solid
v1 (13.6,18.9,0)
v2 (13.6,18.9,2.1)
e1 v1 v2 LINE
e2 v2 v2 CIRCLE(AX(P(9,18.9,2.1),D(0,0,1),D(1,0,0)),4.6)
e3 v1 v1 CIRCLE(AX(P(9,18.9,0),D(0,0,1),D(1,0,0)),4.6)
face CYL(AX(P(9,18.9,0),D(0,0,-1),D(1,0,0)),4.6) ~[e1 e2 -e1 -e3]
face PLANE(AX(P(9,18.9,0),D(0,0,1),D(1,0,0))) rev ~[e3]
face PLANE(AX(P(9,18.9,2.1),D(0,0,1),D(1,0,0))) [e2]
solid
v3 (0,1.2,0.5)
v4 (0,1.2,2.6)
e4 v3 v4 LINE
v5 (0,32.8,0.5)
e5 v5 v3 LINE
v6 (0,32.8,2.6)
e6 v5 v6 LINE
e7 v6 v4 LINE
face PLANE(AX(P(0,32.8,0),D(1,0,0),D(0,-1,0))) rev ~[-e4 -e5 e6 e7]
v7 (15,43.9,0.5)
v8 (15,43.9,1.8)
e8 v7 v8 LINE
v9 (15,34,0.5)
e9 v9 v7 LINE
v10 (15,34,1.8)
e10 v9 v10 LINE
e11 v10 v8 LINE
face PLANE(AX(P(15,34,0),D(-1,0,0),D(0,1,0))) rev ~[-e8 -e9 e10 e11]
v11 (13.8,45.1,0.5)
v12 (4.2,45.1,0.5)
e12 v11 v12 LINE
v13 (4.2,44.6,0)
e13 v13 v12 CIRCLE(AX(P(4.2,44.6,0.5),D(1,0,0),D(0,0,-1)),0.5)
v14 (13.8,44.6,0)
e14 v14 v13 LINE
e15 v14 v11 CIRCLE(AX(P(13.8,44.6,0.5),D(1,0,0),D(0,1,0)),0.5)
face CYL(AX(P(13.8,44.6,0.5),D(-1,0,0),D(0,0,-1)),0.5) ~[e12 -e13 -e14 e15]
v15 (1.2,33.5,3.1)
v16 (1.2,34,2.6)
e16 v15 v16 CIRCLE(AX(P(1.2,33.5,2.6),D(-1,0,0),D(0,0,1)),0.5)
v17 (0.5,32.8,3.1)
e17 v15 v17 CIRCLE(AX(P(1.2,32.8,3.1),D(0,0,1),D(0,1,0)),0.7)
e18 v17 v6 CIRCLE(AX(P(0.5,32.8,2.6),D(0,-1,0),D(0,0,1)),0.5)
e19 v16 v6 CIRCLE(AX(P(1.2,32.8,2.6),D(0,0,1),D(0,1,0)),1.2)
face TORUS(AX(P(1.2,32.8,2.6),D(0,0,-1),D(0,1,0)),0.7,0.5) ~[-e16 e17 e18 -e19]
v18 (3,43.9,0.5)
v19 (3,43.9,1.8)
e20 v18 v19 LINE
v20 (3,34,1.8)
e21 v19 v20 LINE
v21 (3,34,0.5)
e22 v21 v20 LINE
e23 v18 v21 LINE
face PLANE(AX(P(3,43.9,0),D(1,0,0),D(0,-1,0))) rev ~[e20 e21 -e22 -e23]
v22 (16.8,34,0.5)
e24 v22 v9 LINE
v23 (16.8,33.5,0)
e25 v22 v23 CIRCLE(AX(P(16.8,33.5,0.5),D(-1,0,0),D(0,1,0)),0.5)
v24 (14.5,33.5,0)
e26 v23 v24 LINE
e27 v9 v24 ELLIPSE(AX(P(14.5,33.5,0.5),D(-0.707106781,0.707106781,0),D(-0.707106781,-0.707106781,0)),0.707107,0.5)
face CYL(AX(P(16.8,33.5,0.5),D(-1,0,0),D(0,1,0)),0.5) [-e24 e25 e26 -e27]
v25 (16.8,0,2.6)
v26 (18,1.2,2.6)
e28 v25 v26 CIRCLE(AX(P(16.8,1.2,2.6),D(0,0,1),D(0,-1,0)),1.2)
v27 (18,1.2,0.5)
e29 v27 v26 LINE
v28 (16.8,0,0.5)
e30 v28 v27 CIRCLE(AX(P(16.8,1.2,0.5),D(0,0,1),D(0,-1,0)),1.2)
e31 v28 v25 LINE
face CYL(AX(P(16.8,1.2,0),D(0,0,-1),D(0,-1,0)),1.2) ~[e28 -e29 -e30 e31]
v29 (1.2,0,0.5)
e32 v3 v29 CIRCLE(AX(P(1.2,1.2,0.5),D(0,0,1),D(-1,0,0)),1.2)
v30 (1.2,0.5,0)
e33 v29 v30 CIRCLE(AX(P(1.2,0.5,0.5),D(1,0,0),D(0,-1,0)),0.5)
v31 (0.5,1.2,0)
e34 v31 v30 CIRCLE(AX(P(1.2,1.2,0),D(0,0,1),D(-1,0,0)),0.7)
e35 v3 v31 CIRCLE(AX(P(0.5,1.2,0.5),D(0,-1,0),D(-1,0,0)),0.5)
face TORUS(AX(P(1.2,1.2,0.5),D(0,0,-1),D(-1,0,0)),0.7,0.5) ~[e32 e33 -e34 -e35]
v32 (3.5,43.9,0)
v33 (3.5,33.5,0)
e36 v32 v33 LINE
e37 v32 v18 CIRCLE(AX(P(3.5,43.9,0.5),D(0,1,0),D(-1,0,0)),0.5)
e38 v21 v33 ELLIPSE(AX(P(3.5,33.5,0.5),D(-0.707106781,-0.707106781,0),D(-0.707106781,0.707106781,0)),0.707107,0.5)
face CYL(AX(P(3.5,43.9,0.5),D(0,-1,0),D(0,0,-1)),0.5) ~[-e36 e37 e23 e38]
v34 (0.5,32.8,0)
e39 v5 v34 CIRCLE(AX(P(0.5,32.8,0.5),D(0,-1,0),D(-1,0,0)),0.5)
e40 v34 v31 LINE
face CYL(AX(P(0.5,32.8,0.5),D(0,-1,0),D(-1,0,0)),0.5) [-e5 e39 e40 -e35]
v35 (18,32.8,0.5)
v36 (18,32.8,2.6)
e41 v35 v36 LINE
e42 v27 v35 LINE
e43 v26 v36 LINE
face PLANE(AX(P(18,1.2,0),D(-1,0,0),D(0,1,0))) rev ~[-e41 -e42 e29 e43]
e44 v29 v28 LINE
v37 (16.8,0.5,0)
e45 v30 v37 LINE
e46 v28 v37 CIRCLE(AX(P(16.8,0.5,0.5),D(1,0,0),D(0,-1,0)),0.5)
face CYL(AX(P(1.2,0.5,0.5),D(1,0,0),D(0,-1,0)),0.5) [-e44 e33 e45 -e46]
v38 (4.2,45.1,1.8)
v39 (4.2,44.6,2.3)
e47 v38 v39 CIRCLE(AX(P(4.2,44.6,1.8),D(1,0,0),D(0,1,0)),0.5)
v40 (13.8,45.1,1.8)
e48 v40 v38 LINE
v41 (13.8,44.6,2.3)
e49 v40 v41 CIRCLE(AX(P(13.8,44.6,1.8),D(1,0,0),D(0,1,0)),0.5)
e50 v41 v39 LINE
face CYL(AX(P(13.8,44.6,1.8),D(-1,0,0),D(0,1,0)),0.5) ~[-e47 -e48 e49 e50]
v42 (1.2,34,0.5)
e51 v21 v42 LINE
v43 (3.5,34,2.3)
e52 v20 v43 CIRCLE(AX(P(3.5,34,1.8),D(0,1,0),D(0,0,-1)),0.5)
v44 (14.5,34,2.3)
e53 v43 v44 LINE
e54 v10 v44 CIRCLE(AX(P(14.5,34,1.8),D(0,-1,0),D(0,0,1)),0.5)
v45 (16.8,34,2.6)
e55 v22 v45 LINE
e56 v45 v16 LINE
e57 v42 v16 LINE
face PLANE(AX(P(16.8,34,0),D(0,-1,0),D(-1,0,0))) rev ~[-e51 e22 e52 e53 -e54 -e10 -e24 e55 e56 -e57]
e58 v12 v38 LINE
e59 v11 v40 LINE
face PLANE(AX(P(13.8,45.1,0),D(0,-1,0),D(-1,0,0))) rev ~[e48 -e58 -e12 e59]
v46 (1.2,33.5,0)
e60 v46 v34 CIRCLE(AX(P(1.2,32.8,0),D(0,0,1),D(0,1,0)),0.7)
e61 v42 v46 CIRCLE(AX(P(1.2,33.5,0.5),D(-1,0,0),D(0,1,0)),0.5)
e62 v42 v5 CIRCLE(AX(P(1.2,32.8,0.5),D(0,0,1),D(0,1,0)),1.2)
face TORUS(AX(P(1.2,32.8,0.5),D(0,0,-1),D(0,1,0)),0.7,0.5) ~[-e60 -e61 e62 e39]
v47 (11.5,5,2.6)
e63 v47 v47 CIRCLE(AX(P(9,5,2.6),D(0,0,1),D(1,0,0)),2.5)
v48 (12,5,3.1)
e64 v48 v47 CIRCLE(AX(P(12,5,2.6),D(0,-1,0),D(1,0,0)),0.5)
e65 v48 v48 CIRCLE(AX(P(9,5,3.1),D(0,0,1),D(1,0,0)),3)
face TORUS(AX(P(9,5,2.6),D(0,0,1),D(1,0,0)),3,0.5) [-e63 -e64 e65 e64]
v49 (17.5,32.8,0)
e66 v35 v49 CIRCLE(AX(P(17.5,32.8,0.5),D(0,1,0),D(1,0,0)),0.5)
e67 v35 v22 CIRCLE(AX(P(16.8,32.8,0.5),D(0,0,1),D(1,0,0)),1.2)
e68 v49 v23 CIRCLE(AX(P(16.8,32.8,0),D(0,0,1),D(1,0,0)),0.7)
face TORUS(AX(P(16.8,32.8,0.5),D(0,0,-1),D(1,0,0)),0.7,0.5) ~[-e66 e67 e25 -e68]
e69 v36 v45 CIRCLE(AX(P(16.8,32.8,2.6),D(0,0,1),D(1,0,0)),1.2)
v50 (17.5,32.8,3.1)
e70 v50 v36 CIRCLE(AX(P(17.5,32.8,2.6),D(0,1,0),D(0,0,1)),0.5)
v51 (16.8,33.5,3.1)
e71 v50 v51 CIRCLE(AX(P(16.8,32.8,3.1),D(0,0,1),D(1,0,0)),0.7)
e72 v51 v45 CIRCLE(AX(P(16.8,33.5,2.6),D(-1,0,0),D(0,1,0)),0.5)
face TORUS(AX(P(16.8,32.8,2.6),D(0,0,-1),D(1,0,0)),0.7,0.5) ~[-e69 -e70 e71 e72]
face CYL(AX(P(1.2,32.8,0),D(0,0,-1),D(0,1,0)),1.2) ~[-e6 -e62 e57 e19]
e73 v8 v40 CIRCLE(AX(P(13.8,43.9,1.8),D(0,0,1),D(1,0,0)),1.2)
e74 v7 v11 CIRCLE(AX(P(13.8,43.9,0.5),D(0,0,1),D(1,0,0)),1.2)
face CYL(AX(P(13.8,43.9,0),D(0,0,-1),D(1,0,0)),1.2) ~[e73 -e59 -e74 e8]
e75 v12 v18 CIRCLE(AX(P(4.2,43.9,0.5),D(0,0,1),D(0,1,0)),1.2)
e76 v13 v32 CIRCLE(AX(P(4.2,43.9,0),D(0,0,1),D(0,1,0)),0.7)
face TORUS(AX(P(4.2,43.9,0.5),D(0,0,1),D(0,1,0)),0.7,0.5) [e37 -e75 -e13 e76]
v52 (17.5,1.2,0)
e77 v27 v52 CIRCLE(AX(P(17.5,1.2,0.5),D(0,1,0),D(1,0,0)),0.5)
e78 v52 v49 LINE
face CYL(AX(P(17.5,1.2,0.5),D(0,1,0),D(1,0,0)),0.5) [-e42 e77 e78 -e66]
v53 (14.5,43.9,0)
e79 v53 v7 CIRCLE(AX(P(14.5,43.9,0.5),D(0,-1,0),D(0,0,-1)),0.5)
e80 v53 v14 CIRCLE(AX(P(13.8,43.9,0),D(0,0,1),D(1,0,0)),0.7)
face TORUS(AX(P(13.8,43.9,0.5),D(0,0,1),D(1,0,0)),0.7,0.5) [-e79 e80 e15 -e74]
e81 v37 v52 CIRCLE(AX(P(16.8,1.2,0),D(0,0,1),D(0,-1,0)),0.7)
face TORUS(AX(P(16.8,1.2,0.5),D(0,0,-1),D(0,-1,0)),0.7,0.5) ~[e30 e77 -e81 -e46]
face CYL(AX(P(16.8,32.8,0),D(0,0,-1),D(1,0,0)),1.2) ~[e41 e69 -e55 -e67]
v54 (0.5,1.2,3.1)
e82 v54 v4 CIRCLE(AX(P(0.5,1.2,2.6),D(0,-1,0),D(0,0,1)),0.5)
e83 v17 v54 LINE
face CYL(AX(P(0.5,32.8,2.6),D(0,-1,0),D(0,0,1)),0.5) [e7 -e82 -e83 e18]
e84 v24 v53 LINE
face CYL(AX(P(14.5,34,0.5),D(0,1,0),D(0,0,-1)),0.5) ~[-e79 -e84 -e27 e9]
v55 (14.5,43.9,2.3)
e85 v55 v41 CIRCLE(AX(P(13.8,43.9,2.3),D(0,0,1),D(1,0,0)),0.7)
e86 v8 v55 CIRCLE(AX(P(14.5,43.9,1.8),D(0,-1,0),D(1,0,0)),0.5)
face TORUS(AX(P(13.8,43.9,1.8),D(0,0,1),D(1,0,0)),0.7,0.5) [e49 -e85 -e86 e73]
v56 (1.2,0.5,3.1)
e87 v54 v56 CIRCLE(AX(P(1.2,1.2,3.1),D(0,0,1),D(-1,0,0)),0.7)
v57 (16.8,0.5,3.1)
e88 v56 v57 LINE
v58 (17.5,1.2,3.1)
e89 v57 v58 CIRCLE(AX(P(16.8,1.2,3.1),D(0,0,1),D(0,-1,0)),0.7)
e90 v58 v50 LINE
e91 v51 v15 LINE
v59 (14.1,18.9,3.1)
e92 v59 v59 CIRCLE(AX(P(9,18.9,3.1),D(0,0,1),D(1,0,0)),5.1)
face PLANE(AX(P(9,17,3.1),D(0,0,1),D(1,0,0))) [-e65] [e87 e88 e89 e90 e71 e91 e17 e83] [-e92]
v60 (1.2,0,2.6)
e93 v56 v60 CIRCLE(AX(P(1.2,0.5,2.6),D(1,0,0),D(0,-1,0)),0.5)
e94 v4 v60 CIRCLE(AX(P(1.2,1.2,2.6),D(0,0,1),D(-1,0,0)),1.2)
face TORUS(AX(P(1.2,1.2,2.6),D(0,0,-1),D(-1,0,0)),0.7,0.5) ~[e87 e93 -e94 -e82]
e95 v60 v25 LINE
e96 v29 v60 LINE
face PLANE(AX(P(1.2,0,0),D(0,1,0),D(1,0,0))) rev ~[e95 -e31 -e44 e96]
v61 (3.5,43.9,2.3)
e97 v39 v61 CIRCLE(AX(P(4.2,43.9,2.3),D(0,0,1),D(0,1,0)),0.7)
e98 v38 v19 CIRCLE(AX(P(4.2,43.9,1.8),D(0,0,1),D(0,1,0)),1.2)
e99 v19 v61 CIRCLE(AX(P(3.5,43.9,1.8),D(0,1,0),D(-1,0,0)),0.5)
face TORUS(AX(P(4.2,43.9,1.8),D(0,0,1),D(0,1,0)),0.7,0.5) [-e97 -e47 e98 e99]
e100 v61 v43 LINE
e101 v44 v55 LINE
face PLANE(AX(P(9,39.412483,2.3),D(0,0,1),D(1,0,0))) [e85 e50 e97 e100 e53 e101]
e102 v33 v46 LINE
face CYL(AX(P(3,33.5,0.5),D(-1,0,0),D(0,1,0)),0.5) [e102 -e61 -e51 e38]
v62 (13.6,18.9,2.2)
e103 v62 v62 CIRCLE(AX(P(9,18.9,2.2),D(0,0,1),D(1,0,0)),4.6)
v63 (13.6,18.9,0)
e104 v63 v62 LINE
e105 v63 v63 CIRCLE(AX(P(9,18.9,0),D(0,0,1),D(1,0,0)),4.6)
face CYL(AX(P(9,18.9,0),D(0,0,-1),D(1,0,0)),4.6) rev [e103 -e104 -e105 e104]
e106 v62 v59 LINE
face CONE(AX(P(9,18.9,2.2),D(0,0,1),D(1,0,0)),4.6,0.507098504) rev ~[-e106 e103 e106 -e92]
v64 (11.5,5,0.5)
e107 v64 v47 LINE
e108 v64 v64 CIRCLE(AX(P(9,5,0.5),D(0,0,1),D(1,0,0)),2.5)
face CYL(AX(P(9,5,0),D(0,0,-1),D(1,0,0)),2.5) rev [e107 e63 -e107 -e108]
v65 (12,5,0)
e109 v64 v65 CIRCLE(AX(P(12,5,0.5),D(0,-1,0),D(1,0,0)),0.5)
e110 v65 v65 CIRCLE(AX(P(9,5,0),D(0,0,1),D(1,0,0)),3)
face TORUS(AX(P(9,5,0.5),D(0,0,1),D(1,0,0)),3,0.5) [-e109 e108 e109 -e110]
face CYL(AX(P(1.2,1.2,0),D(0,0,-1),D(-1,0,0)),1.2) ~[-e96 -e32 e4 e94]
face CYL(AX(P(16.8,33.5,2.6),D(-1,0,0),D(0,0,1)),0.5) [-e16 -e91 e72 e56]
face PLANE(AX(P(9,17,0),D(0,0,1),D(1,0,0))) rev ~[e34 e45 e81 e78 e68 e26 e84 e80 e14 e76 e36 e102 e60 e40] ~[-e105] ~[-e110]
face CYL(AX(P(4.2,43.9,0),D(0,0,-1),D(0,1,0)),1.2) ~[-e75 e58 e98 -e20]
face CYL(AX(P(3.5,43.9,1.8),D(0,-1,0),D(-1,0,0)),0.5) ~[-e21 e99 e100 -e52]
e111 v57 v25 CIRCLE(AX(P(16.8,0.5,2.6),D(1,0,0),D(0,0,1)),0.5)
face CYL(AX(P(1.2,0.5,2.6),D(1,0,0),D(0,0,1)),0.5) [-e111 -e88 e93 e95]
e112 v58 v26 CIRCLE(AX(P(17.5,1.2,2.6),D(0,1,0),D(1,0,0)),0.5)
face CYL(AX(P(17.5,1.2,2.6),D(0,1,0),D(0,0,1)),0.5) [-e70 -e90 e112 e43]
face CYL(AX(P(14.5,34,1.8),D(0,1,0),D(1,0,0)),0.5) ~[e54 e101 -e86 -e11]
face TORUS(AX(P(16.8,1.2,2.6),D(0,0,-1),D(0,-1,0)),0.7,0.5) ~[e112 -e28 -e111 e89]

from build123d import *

# Parameters (mm, degrees)
F0_R     = 2.5
F0_R_2   = 4.6
F1_DEPTH = 3.1
F2_DEPTH = 2.3
F3_DEPTH = 2.1
F4_SIZE2 = 0.5
F4_SIZE  = 0.9
F5_R     = 0.5


with BuildPart() as f1:
    # F0 (on Top) → F1 (new body)
    with BuildSketch(Plane.XY):
        with BuildLine():
            ThreePointArc((0, 1.2), (0.3514718626, 0.3514718626), (1.2, 0))
            Line((1.2, 0), (16.8, 0))
            ThreePointArc((16.8, 0), (17.6485281374, 0.3514718626), (18, 1.2))
            Line((18, 1.2), (18, 32.8))
            ThreePointArc((18, 32.8), (17.6485281374, 33.6485281374), (16.8, 34))
            Line((16.8, 34), (15, 34))
            Line((15, 34), (3, 34))
            Line((3, 34), (1.2, 34))
            ThreePointArc((1.2, 34), (0.3514718626, 33.6485281374), (0, 32.8))
            Line((0, 32.8), (0, 1.2))
        make_face()
        with Locations((9, 5)):
            Circle(F0_R, mode=Mode.SUBTRACT)
        with Locations((9, 18.9)):
            Circle(F0_R_2, mode=Mode.SUBTRACT)
    extrude(amount=F1_DEPTH)

    # F0 (on Top) → F2 (join)
    with BuildSketch(Plane.XY):
        with BuildLine():
            Line((3, 43.9), (3, 34))
            Line((3, 34), (15, 34))
            Line((15, 34), (15, 43.9))
            ThreePointArc((15, 43.9), (14.6485281374, 44.7485281374), (13.8, 45.1))
            Line((13.8, 45.1), (4.2, 45.1))
            ThreePointArc((4.2, 45.1), (3.3514718626, 44.7485281374), (3, 43.9))
        make_face()
    extrude(amount=F2_DEPTH)

    # F4
    f4_edges = [f1.edges().sort_by_distance(p)[0] for p in [
        (4.4, 18.9, 3.1),
    ]]
    f4_side = f1.faces().sort_by_distance((4.4, 18.9, 1.55))[0]
    chamfer(f4_edges, length=F4_SIZE, length2=F4_SIZE2, reference=f4_side)

    # F5
    f5_edges = [f1.edges().sort_by_distance(p)[0] for p in [
        (0, 17, 3.1),
        (18, 17, 0),
        (6.5, 5, 3.1),
        (15, 38.95, 2.3),
        (6.5, 5, 0),
        (15, 38.95, 0),
    ]]
    fillet(f5_edges, radius=F5_R)


with BuildPart() as f3:
    # F0 (on Top) → F3 (new body)
    with BuildSketch(Plane.XY):
        with Locations((9, 18.9)):
            Circle(F0_R_2)
    extrude(amount=F3_DEPTH)


solid = Compound([f1.part, f3.part])
